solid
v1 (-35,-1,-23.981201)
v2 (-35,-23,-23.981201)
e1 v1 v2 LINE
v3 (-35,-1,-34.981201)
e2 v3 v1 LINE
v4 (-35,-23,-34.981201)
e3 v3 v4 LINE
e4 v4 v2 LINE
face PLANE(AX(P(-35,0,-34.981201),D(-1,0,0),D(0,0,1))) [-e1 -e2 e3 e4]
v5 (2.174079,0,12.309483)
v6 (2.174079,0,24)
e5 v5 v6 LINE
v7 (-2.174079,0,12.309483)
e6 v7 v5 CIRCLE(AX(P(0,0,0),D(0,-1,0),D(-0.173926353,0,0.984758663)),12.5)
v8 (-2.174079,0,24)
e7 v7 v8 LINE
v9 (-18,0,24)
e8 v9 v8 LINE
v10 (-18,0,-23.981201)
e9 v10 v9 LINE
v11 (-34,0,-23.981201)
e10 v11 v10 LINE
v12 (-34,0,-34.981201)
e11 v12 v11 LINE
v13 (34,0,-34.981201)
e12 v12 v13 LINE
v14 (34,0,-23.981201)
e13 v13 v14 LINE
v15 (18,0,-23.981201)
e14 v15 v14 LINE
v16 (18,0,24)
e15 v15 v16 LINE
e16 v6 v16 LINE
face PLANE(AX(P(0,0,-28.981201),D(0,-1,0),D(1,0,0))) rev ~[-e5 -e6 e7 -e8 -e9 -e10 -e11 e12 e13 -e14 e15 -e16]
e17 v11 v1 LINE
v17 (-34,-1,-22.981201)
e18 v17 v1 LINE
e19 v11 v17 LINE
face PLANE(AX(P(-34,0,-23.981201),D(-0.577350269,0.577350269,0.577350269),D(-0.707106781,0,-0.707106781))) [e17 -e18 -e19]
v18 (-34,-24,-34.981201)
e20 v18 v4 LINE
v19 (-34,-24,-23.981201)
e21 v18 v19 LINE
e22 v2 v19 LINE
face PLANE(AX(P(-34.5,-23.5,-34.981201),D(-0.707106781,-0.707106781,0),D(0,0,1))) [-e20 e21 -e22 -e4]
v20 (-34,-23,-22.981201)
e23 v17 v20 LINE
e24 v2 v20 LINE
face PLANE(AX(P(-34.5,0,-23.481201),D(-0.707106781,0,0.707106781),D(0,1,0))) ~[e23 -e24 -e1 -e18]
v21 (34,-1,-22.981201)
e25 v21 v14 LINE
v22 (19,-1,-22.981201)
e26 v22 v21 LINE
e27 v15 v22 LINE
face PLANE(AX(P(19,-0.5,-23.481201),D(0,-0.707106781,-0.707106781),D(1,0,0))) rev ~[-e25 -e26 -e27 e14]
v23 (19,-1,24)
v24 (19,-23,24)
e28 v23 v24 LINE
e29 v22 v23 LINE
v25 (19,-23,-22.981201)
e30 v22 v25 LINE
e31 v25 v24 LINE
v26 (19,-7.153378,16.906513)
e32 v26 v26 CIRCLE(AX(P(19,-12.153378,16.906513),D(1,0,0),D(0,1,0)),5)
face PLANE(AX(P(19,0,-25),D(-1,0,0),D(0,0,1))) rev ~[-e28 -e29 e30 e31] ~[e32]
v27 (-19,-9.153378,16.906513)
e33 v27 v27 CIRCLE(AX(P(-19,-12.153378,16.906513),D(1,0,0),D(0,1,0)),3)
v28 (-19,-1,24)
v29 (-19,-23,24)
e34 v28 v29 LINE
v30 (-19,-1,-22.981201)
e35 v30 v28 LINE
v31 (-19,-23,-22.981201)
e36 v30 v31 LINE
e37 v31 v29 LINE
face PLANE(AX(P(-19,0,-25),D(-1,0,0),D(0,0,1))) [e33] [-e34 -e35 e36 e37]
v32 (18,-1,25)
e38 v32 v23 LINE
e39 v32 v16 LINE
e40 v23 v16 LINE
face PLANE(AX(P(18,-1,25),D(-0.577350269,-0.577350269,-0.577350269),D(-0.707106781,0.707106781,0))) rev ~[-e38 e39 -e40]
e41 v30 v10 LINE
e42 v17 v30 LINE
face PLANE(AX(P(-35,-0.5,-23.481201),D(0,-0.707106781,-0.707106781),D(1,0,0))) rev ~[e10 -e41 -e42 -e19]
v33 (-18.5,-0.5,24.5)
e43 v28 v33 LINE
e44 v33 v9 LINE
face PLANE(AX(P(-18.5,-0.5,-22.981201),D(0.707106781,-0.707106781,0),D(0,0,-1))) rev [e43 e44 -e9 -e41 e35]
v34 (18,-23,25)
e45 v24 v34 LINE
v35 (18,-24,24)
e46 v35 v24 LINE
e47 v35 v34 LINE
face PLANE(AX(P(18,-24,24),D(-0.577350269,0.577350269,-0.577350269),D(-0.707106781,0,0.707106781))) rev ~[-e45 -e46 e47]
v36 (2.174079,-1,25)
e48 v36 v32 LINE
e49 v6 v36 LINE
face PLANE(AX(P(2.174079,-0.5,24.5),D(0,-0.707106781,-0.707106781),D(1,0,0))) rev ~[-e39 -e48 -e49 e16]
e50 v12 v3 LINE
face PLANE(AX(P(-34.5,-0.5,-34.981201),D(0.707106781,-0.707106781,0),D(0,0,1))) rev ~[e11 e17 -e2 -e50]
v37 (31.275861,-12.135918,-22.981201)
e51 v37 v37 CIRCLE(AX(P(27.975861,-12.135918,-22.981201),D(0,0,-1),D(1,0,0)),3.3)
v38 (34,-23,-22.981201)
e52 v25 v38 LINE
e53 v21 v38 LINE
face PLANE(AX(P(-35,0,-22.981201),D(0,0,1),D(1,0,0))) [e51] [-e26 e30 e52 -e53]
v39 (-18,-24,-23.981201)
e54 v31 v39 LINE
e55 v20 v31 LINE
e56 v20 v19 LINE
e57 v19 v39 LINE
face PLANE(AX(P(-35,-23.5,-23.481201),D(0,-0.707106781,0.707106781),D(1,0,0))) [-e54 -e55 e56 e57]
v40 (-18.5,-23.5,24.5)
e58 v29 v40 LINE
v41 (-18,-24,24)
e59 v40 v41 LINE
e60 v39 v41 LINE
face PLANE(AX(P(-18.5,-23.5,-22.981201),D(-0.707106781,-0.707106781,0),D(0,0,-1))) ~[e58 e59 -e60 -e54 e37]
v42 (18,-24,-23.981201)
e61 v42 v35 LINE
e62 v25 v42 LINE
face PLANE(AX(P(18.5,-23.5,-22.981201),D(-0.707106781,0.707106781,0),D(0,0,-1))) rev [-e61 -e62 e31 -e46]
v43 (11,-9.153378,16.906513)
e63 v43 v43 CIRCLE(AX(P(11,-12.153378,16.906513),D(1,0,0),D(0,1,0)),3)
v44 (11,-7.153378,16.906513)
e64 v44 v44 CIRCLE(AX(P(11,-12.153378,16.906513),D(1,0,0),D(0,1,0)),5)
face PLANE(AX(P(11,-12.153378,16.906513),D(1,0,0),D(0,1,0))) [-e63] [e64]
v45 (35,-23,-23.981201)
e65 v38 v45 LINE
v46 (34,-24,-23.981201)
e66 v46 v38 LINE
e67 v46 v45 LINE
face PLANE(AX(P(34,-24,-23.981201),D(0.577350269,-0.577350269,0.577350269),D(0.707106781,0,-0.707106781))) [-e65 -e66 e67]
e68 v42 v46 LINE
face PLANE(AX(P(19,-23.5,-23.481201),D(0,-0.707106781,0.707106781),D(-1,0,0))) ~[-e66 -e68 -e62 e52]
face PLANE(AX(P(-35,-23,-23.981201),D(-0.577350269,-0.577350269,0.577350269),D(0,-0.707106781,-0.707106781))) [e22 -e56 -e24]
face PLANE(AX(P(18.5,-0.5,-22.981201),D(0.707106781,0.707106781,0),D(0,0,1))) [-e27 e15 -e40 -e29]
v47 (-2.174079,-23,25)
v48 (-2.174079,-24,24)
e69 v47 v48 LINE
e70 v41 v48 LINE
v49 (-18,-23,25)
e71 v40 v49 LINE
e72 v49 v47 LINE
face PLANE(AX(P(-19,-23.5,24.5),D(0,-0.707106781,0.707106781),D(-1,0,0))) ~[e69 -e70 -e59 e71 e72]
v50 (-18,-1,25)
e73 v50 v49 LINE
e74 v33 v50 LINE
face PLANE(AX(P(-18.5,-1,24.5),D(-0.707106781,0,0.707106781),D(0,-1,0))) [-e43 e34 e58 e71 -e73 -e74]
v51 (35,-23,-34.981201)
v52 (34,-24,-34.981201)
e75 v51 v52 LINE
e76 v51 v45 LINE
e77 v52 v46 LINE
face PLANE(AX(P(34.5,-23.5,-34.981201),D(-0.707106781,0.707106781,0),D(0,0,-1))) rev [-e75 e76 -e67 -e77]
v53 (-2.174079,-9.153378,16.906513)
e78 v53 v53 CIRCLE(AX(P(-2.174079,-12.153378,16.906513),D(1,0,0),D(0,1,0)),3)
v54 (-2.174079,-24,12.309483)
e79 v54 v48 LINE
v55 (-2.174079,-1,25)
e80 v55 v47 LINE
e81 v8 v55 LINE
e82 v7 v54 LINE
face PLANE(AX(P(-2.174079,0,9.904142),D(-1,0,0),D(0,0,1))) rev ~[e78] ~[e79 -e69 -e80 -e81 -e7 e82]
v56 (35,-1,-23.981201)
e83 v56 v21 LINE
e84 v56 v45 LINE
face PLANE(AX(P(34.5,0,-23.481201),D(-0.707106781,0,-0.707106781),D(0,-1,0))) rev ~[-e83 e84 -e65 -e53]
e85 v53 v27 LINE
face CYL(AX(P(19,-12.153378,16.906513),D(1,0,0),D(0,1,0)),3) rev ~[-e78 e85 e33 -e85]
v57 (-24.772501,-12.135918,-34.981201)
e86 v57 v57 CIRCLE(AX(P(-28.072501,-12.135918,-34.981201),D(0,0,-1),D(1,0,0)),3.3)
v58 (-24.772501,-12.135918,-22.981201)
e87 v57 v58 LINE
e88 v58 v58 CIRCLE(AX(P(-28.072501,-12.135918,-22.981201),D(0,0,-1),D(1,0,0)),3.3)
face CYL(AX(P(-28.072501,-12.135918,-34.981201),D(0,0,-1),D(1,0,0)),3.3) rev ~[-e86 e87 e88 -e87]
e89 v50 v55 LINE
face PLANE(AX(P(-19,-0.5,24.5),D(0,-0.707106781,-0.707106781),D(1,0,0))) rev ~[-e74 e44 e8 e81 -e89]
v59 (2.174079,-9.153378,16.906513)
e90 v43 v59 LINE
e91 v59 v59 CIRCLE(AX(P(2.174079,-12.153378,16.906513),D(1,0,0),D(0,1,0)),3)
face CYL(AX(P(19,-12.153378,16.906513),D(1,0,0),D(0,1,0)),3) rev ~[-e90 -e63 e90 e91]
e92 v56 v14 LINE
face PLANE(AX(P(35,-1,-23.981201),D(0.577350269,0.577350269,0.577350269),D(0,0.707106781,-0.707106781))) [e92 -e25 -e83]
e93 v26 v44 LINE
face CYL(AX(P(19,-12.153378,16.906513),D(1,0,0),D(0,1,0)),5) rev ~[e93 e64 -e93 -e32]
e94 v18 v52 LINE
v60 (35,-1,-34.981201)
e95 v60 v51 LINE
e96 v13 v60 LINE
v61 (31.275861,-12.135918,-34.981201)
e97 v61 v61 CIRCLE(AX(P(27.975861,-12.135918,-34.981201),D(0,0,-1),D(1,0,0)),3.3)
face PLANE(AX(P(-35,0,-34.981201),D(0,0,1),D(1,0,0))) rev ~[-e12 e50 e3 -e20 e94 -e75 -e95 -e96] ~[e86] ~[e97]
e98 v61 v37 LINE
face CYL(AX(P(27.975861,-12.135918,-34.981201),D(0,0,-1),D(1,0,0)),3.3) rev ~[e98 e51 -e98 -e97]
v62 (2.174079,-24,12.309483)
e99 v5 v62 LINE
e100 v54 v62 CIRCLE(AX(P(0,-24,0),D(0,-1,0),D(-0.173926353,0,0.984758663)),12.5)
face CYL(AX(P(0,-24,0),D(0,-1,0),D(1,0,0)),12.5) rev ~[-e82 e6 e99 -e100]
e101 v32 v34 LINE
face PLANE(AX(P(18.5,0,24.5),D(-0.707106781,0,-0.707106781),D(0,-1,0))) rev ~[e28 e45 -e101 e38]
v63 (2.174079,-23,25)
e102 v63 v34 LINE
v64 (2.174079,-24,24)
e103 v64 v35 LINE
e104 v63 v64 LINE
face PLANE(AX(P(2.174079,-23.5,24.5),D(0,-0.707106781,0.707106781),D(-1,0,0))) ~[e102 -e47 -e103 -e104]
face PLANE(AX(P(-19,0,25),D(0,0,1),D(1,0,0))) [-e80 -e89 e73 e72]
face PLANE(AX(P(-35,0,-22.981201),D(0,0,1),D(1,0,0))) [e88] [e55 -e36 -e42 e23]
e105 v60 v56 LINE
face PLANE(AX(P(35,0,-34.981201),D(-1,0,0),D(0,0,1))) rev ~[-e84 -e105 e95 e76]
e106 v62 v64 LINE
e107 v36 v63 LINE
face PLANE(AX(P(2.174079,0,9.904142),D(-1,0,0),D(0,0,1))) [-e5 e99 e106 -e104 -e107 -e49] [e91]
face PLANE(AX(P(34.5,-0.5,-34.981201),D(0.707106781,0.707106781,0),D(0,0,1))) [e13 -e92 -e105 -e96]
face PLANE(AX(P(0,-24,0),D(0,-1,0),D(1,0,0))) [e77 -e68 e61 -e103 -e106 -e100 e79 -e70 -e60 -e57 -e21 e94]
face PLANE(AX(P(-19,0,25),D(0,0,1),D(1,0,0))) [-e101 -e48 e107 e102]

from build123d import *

# Parameters (mm, degrees)
F1_W      = 70
F1_H      = 12
F2_DEPTH  = 24
F3_W      = 38
F3_H      = 50
F4_DEPTH  = 24
F5_R      = 12.5
F6_DEPTH  = 24
F7_W      = 4.3481588364
F7_H      = 18.8432261348
F8_DEPTH  = 24
F9_R      = 3.3
F10_DEPTH = 25
F11_R     = 3.3
F12_DEPTH = 25
F13_R     = 3
F14_DEPTH = 50
F15_R     = 5
F15_R_2   = 3
F16_DEPTH = 8
F17_SIZE  = 1
F18_SIZE  = 1


with BuildPart() as f2:
    # F1 (on Front) → F2 (new body)
    with BuildSketch(Plane.XZ):
        with Locations((0, -28.981200866)):
            Rectangle(F1_W, F1_H)
    extrude(amount=F2_DEPTH)

    # F3 (on Front) → F4 (join)
    with BuildSketch(Plane.XZ):
        Rectangle(F3_W, F3_H)
    extrude(amount=F4_DEPTH)

    # F5 (on face) → F6 (cut)
    with BuildSketch(Plane.XZ.offset(24)):
        Circle(F5_R)
    extrude(amount=-F6_DEPTH, mode=Mode.SUBTRACT)

    # F7 (on Front) → F8 (cut)
    with BuildSketch(Plane.XZ):
        with Locations((0, 19.3257555366)):
            Rectangle(F7_W, F7_H)
    extrude(amount=F8_DEPTH, mode=Mode.SUBTRACT)

    # F9 (on face) → F10 (cut)
    with BuildSketch(Plane(origin=(0, 0, -34.981200866), x_dir=(1, 0, 0), z_dir=(0, 0, -1))):
        with Locations((-28.0725006014, 12.1359182522)):
            Circle(F9_R)
    extrude(amount=-F10_DEPTH, mode=Mode.SUBTRACT)

    # F11 (on face) → F12 (cut)
    with BuildSketch(Plane(origin=(0, 0, -34.981200866), x_dir=(1, 0, 0), z_dir=(0, 0, -1))):
        with Locations((27.9758609831, 12.1359182522)):
            Circle(F11_R)
    extrude(amount=-F12_DEPTH, mode=Mode.SUBTRACT)

    # F13 (on face) → F14 (cut)
    with BuildSketch(Plane.YZ.offset(19)):
        with Locations((-12.1533777565, 16.9065129012)):
            Circle(F13_R)
    extrude(amount=-F14_DEPTH, mode=Mode.SUBTRACT)

    # F15 (on face) → F16 (cut)
    with BuildSketch(Plane.YZ.offset(19)):
        with Locations((-12.1533777565, 16.9065129012)):
            Circle(F15_R)
        with Locations((-12.1533777565, 16.9065129012)):
            Circle(F15_R_2, mode=Mode.SUBTRACT)
    extrude(amount=-F16_DEPTH, mode=Mode.SUBTRACT)

    # F17
    f17_edges = [f2.edges().sort_by_distance(p)[0] for p in [
        (19, 0, 1.0094),
        (19, -12, 25),
        (19, -24, 1.0094),
        (27, 0, -22.981201),
        (35, -12, -22.981201),
        (27, -24, -22.981201),
        (35, 0, -28.981201),
        (35, -24, -28.981201),
        (10.58704, -24, 25),
        (-10.58704, -24, 25),
        (-10.58704, 0, 25),
        (10.58704, 0, 25),
    ]]
    chamfer(f17_edges, length=F17_SIZE)

    # F18 (call 1 of 2: OpenCascade refuses the feature's edges together)
    f18_edges = [f2.edges().sort_by_distance(p)[0] for p in [
        (-19, -12, 25),
    ]]
    chamfer(f18_edges, length=F18_SIZE)

    # F18#2 (call 2 of 2)
    f18_2_edges = [f2.edges().sort_by_distance(p)[0] for p in [
        (-19, 0, 0.5094),
        (-19, -24, 0.5094),
        (-27, -24, -22.981201),
        (-35, -12, -22.981201),
        (-27, 0, -22.981201),
        (-35, 0, -28.981201),
        (-35, -24, -28.981201),
    ]]
    chamfer(f18_2_edges, length=F18_SIZE)


solid = f2.part
